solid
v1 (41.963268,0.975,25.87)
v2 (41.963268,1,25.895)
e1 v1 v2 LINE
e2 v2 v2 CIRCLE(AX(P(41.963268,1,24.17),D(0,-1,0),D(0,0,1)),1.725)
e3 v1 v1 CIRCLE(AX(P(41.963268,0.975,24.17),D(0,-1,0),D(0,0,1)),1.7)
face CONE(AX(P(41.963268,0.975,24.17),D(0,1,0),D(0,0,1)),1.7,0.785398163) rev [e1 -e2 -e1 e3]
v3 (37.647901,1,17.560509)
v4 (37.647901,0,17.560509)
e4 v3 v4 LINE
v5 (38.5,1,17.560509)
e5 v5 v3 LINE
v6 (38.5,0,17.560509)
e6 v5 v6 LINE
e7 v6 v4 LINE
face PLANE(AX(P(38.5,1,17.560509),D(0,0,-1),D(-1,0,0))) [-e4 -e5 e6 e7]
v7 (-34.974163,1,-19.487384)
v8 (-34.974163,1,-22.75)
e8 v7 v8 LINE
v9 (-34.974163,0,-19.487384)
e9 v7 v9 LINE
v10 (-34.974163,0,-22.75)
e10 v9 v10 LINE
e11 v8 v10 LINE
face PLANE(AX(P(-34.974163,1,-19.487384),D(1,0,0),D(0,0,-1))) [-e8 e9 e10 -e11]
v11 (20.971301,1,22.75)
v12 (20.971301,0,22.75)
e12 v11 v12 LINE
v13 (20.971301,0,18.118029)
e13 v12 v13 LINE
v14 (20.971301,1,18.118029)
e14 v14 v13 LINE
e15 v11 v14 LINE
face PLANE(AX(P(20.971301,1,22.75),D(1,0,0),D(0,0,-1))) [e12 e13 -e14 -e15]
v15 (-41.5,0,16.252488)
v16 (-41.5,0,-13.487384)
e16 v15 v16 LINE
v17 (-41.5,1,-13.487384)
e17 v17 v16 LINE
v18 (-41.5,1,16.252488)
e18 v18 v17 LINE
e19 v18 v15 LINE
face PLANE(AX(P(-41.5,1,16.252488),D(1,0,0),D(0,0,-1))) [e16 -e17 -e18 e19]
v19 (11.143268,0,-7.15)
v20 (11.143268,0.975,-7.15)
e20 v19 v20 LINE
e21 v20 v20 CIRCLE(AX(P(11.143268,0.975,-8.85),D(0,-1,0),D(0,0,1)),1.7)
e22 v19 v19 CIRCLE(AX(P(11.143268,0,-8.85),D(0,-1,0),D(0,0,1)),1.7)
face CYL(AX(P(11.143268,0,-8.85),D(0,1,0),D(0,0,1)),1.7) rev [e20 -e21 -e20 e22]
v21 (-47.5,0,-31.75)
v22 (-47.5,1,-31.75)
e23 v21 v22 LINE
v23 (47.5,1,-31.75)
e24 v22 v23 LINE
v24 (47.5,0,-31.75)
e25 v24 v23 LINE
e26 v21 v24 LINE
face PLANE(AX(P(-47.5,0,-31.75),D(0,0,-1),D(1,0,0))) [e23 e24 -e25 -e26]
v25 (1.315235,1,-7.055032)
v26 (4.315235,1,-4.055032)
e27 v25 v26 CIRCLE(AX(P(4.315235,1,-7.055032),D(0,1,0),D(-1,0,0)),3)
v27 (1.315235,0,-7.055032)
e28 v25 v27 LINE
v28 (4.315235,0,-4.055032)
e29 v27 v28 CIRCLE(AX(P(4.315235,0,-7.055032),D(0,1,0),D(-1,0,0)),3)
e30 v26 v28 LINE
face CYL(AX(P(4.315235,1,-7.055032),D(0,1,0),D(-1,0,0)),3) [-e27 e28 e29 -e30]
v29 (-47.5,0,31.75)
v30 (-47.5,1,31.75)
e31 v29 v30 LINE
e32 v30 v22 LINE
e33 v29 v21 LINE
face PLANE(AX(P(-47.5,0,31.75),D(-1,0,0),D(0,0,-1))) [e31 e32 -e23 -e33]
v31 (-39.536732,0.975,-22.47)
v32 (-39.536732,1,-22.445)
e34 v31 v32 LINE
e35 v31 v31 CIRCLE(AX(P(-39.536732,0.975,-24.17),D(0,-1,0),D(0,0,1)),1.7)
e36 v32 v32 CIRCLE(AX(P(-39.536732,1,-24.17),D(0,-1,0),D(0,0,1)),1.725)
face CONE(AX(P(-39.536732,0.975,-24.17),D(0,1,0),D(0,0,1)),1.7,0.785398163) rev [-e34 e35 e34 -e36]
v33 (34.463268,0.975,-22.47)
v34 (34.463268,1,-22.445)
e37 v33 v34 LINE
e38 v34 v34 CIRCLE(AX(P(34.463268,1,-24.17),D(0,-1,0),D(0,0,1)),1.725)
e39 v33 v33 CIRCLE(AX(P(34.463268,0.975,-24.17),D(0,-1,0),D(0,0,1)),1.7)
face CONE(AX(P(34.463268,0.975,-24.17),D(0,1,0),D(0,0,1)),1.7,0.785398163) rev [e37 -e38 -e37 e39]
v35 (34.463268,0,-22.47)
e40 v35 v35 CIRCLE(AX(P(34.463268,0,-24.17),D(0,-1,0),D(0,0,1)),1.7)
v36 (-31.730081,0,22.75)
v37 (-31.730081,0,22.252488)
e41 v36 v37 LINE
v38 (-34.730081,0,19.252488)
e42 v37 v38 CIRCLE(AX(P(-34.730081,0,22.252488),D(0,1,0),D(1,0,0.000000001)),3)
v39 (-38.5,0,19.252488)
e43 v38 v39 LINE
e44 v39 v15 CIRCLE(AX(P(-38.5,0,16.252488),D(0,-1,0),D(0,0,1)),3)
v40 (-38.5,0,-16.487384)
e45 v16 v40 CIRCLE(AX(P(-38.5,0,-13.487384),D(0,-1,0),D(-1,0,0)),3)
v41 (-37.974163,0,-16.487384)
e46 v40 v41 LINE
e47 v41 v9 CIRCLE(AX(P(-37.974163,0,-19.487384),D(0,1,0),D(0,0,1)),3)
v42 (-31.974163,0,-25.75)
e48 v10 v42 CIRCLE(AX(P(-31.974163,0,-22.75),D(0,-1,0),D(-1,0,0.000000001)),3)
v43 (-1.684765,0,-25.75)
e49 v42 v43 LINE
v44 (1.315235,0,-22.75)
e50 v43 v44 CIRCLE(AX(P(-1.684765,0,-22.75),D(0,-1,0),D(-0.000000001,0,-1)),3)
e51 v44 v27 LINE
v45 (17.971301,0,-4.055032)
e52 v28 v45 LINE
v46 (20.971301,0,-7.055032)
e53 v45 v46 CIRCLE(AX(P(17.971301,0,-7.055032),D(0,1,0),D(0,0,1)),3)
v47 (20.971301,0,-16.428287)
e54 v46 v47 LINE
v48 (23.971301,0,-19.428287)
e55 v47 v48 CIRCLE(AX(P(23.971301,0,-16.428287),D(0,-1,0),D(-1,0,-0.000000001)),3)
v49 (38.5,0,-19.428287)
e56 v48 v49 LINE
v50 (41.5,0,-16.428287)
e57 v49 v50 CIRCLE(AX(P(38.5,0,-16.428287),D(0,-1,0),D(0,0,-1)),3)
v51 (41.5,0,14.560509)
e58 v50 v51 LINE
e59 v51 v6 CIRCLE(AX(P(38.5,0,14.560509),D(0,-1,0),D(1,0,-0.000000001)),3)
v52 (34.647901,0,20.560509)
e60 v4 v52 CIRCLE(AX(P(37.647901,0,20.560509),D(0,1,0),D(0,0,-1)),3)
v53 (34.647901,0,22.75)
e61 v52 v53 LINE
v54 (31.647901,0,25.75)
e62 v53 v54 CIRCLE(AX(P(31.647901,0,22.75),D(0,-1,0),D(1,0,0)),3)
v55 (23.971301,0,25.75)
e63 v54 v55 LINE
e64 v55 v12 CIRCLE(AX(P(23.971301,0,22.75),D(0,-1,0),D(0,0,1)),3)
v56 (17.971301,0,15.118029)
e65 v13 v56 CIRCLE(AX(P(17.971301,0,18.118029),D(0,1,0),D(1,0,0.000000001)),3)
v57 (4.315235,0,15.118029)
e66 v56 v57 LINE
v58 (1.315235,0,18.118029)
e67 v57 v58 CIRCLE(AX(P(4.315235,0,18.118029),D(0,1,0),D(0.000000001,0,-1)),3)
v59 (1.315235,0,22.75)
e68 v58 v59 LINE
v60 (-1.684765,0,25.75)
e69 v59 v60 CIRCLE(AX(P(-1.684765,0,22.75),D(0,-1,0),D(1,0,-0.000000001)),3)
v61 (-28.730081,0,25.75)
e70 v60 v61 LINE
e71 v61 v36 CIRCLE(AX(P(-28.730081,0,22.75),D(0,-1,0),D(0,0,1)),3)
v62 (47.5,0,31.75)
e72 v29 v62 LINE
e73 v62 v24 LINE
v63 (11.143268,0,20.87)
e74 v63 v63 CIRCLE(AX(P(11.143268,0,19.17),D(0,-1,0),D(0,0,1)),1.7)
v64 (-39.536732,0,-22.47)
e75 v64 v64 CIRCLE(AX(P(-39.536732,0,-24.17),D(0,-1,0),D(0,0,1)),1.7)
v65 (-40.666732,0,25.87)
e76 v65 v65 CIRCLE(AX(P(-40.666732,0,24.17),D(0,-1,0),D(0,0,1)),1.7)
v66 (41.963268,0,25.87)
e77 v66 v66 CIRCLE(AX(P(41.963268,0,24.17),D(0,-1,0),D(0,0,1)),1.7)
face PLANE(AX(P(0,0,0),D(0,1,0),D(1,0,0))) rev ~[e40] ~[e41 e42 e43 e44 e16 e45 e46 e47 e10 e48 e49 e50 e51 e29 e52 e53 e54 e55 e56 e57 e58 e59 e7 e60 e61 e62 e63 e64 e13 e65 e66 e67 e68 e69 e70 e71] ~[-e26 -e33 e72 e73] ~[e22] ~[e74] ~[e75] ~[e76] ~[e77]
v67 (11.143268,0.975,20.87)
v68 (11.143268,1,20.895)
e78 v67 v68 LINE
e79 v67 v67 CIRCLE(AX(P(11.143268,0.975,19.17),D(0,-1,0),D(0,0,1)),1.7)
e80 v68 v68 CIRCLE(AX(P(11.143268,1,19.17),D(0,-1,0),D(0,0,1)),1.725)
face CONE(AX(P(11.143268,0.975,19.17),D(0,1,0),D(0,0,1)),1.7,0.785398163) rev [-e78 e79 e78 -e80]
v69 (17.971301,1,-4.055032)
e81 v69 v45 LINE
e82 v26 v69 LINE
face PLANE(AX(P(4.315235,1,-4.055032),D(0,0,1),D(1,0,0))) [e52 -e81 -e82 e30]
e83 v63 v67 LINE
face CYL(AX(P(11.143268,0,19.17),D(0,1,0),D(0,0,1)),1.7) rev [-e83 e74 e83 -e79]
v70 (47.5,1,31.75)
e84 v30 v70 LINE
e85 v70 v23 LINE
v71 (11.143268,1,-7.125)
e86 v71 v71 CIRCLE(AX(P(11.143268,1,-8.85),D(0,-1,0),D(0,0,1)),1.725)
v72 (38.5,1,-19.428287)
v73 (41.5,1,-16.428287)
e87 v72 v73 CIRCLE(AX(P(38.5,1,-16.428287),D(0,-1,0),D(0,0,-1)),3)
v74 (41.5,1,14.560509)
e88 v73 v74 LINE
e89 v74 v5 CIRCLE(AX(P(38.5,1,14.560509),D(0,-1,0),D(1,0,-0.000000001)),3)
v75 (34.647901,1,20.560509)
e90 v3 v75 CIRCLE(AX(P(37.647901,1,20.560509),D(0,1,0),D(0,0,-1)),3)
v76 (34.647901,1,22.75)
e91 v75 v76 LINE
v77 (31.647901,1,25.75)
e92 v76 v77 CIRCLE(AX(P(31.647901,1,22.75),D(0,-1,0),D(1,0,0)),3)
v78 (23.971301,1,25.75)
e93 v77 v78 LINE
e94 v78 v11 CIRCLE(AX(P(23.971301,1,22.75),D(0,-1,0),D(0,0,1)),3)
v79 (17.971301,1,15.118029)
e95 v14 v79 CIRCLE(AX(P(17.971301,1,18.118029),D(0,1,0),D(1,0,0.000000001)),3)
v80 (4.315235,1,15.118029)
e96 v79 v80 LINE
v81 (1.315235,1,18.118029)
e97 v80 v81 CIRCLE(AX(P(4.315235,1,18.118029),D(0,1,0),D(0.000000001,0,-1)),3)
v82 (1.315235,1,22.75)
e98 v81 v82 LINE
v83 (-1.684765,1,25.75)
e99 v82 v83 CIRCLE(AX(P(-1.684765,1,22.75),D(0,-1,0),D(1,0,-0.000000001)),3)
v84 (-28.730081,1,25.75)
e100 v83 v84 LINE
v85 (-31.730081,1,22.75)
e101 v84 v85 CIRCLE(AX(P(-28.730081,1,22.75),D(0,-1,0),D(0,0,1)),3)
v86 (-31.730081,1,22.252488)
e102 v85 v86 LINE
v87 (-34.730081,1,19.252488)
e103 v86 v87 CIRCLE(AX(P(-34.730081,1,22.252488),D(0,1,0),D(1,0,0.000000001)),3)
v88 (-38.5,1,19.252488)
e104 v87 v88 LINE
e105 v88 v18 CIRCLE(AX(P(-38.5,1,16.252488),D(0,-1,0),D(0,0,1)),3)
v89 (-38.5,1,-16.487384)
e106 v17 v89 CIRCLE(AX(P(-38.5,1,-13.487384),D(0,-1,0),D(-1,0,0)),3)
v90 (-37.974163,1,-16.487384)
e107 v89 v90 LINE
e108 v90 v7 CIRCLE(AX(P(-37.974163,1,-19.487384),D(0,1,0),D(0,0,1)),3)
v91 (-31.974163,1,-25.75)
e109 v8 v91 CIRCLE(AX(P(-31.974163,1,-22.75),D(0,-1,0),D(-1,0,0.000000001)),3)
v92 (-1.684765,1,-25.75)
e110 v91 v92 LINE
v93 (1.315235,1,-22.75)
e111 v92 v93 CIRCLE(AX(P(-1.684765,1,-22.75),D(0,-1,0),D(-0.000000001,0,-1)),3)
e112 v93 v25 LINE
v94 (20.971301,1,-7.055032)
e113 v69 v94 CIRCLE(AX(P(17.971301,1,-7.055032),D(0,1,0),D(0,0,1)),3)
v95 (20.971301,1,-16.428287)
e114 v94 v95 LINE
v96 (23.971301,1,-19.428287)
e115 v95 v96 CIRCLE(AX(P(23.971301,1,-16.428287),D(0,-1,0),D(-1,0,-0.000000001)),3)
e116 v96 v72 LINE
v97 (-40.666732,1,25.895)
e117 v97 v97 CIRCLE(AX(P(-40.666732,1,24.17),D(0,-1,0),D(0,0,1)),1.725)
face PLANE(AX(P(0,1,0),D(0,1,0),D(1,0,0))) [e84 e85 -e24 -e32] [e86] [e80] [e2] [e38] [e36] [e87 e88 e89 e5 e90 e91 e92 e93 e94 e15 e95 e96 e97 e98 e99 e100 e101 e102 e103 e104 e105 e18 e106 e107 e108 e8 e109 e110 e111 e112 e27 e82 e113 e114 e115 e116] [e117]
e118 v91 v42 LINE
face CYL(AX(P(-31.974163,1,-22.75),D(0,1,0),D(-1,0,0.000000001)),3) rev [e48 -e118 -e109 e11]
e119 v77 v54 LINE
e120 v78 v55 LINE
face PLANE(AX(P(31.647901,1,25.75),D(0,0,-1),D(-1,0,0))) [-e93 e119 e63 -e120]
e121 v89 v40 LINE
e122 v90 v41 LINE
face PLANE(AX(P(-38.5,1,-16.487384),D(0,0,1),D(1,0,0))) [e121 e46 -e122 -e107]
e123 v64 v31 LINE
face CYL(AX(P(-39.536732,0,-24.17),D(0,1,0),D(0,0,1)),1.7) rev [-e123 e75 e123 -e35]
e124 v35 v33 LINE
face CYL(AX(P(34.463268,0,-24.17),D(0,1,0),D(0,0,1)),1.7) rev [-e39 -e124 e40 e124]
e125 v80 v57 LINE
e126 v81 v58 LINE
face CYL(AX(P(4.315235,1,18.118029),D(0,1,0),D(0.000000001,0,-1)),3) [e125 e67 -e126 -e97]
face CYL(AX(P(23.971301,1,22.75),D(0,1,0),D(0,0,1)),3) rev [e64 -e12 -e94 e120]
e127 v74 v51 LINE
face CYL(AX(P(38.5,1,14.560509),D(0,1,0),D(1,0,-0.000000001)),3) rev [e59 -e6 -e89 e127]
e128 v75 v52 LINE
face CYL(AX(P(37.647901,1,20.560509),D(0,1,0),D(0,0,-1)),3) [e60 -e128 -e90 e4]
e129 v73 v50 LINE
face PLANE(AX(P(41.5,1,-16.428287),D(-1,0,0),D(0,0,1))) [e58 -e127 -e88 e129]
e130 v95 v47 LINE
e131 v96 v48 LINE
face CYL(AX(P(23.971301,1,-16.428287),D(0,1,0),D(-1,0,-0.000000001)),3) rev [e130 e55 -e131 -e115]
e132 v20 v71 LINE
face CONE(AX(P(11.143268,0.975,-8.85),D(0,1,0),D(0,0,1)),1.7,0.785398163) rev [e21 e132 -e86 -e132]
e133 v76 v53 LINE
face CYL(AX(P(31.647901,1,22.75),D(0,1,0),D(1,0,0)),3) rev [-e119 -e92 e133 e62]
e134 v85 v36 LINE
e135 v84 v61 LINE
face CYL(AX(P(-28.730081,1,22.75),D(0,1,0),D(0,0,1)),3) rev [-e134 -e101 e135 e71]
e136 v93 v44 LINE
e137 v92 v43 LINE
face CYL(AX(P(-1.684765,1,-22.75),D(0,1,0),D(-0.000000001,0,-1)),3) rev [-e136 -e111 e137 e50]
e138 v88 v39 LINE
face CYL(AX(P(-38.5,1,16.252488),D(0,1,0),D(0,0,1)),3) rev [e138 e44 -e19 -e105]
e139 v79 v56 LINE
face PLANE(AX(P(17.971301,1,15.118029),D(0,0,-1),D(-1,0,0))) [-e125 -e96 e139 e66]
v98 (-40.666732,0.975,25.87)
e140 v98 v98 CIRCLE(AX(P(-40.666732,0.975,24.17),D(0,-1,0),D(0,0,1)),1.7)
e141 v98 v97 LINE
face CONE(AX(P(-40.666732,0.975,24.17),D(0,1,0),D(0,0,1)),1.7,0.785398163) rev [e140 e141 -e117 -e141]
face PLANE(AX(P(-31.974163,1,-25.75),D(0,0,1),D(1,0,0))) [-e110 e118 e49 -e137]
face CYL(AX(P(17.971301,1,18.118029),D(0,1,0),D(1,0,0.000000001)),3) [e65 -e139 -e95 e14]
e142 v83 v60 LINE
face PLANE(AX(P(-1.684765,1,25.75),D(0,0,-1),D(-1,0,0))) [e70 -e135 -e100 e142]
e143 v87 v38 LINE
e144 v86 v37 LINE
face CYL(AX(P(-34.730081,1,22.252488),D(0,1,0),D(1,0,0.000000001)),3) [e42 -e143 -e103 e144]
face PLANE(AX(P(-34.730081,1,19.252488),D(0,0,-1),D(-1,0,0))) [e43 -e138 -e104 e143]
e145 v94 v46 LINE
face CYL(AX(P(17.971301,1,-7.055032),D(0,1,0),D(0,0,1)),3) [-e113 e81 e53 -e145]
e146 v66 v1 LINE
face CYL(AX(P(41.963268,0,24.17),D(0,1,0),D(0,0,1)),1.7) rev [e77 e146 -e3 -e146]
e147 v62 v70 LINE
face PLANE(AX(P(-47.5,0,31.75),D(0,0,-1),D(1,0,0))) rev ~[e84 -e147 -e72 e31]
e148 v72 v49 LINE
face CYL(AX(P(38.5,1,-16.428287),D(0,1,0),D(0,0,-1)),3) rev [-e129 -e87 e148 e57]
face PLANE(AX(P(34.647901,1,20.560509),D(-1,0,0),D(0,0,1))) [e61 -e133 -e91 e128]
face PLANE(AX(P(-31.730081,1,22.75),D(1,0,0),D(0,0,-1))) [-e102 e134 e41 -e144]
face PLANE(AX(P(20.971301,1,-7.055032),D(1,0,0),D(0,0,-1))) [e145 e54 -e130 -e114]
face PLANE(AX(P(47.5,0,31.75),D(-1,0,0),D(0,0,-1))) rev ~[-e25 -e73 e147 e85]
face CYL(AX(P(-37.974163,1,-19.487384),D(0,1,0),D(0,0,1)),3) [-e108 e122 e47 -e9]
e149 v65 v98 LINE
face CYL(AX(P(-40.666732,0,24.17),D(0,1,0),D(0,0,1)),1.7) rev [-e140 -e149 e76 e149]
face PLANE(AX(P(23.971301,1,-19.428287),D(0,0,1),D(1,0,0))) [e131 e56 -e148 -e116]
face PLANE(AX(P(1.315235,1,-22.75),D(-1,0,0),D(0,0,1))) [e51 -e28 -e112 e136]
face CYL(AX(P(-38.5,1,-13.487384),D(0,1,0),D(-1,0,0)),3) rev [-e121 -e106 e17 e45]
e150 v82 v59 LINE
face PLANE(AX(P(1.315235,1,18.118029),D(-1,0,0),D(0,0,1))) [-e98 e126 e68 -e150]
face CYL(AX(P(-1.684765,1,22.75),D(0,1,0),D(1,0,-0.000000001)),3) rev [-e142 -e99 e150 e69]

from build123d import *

# Parameters (mm, degrees)
SKETCH2_W                     = 95
SKETCH2_H                     = 63.5
BOSS_EXTRUDE1_DEPTH           = 1
M3_CLEARANCE_HOLE1_AT_2_COUNT = 2
M3_CLEARANCE_HOLE1_AT_2_PITCH = 48.353205685
M3_CLEARANCE_HOLE1_AT_3_COUNT = 2
M3_CLEARANCE_HOLE1_AT_3_PITCH = 74
M3_CLEARANCE_HOLE1_AT_4_COUNT = 2
M3_CLEARANCE_HOLE1_AT_4_PITCH = 94.757614997
M3_CLEARANCE_HOLE1_AT_5_COUNT = 2
M3_CLEARANCE_HOLE1_AT_5_PITCH = 66.684465957
M3_CLEARANCE_HOLE1_AT_6_COUNT = 2
M3_CLEARANCE_HOLE1_AT_6_PITCH = 52.944922325
CUT_EXTRUDE1_DEPTH            = 1


with BuildPart() as part:
    # Sketch2 → Boss-Extrude1 (new body)
    with BuildSketch(Plane(origin=(0, 0, 0), x_dir=(1, 0, 0), z_dir=(0, 1, 0))):
        Rectangle(SKETCH2_W, SKETCH2_H)
    extrude(amount=BOSS_EXTRUDE1_DEPTH)

    # Sketch8 → M3 Clearance Hole1 (revolve, cut)
    with BuildSketch(Plane(origin=(-39.536732268, 1, -24.17), x_dir=(0, 0, 1), z_dir=(1, 0, 0))):
        Polygon((0, 0), (0, 1), (1.7, 1), (1.7, 0.025), (1.725, 0), align=None)
    m3_clearance_hole1 = revolve(axis=Axis((-39.536732268, 7.35, -24.17), (0, -1, 0)), mode=Mode.SUBTRACT)

    # M3 Clearance Hole1 at 2: M3 Clearance Hole1 ×2
    with Locations(*[Vector(-0.023369701842837577, 0, 0.9997268912236866) * (i * M3_CLEARANCE_HOLE1_AT_2_PITCH) for i in range(1, M3_CLEARANCE_HOLE1_AT_2_COUNT)]):
        add(m3_clearance_hole1, mode=Mode.SUBTRACT)

    # M3 Clearance Hole1 at 3: M3 Clearance Hole1 ×2
    with Locations(*[(i * M3_CLEARANCE_HOLE1_AT_3_PITCH, 0, 0) for i in range(1, M3_CLEARANCE_HOLE1_AT_3_COUNT)]):
        add(m3_clearance_hole1, mode=Mode.SUBTRACT)

    # M3 Clearance Hole1 at 4: M3 Clearance Hole1 ×2
    with Locations(*[Vector(0.8600891865230647, 0, 0.5101436966444779) * (i * M3_CLEARANCE_HOLE1_AT_4_PITCH) for i in range(1, M3_CLEARANCE_HOLE1_AT_4_COUNT)]):
        add(m3_clearance_hole1, mode=Mode.SUBTRACT)

    # M3 Clearance Hole1 at 5: M3 Clearance Hole1 ×2
    with Locations(*[Vector(0.7599970888649028, 0, 0.6499264765470578) * (i * M3_CLEARANCE_HOLE1_AT_5_PITCH) for i in range(1, M3_CLEARANCE_HOLE1_AT_5_COUNT)]):
        add(m3_clearance_hole1, mode=Mode.SUBTRACT)

    # M3 Clearance Hole1 at 6: M3 Clearance Hole1 ×2
    with Locations(*[Vector(0.957221160679124, 0, 0.28935730429368944) * (i * M3_CLEARANCE_HOLE1_AT_6_PITCH) for i in range(1, M3_CLEARANCE_HOLE1_AT_6_COUNT)]):
        add(m3_clearance_hole1, mode=Mode.SUBTRACT)

    # Sketch9 → Cut-Extrude1 (cut)
    with BuildSketch(Plane(origin=(0, 1, 0), x_dir=(1, 0, 0), z_dir=(0, 1, 0))):
        with BuildLine():
            Line((-34.974163292, 19.487383717), (-34.974163292, 22.75))
            ThreePointArc((-34.974163292, 22.75), (-34.095483636, 24.871320344), (-31.974163292, 25.75))
            Line((-31.974163292, 25.75), (-1.684765082, 25.75))
            ThreePointArc((-1.684765082, 25.75), (0.436555262, 24.871320344), (1.315234918, 22.75))
            Line((1.315234918, 22.75), (1.315234918, 7.055031971))
            ThreePointArc((1.315234918, 7.055031971), (2.193914574, 4.933711628), (4.315234918, 4.055031971))
            Line((4.315234918, 4.055031971), (17.971300546, 4.055031971))
            ThreePointArc((17.971300546, 4.055031971), (20.09262089, 4.933711628), (20.971300546, 7.055031971))
            Line((20.971300546, 7.055031971), (20.971300546, 16.428287462))
            ThreePointArc((20.971300546, 16.428287462), (21.849980203, 18.549607805), (23.971300546, 19.428287462))
            Line((23.971300546, 19.428287462), (38.5, 19.428287462))
            ThreePointArc((38.5, 19.428287462), (40.621320344, 18.549607805), (41.5, 16.428287462))
            Line((41.5, 16.428287462), (41.5, -14.560508757))
            ThreePointArc((41.5, -14.560508757), (40.621320344, -16.681829101), (38.5, -17.560508757))
            Line((38.5, -17.560508757), (37.647901029, -17.560508757))
            ThreePointArc((37.647901029, -17.560508757), (35.526580685, -18.439188414), (34.647901029, -20.560508757))
            Line((34.647901029, -20.560508757), (34.647901029, -22.75))
            ThreePointArc((34.647901029, -22.75), (33.769221372, -24.871320344), (31.647901029, -25.75))
            Line((31.647901029, -25.75), (23.971300546, -25.75))
            ThreePointArc((23.971300546, -25.75), (21.849980203, -24.871320344), (20.971300546, -22.75))
            Line((20.971300546, -22.75), (20.971300546, -18.118028913))
            ThreePointArc((20.971300546, -18.118028913), (20.09262089, -15.996708569), (17.971300546, -15.118028913))
            Line((17.971300546, -15.118028913), (4.315234918, -15.118028913))
            ThreePointArc((4.315234918, -15.118028913), (2.193914574, -15.996708569), (1.315234918, -18.118028913))
            Line((1.315234918, -18.118028913), (1.315234918, -22.75))
            ThreePointArc((1.315234918, -22.75), (0.436555262, -24.871320344), (-1.684765082, -25.75))
            Line((-1.684765082, -25.75), (-28.730080623, -25.75))
            ThreePointArc((-28.730080623, -25.75), (-30.851400966, -24.871320344), (-31.730080623, -22.75))
            Line((-31.730080623, -22.75), (-31.730080623, -22.252488185))
            ThreePointArc((-31.730080623, -22.252488185), (-32.608760279, -20.131167841), (-34.730080623, -19.252488185))
            Line((-34.730080623, -19.252488185), (-38.5, -19.252488185))
            ThreePointArc((-38.5, -19.252488185), (-40.621320344, -18.373808528), (-41.5, -16.252488185))
            Line((-41.5, -16.252488185), (-41.5, 13.487383717))
            ThreePointArc((-41.5, 13.487383717), (-40.621320344, 15.60870406), (-38.5, 16.487383717))
            Line((-38.5, 16.487383717), (-37.974163292, 16.487383717))
            ThreePointArc((-37.974163292, 16.487383717), (-35.852842949, 17.366063373), (-34.974163292, 19.487383717))
        make_face()
    extrude(amount=-CUT_EXTRUDE1_DEPTH, mode=Mode.SUBTRACT)


solid = part.part
